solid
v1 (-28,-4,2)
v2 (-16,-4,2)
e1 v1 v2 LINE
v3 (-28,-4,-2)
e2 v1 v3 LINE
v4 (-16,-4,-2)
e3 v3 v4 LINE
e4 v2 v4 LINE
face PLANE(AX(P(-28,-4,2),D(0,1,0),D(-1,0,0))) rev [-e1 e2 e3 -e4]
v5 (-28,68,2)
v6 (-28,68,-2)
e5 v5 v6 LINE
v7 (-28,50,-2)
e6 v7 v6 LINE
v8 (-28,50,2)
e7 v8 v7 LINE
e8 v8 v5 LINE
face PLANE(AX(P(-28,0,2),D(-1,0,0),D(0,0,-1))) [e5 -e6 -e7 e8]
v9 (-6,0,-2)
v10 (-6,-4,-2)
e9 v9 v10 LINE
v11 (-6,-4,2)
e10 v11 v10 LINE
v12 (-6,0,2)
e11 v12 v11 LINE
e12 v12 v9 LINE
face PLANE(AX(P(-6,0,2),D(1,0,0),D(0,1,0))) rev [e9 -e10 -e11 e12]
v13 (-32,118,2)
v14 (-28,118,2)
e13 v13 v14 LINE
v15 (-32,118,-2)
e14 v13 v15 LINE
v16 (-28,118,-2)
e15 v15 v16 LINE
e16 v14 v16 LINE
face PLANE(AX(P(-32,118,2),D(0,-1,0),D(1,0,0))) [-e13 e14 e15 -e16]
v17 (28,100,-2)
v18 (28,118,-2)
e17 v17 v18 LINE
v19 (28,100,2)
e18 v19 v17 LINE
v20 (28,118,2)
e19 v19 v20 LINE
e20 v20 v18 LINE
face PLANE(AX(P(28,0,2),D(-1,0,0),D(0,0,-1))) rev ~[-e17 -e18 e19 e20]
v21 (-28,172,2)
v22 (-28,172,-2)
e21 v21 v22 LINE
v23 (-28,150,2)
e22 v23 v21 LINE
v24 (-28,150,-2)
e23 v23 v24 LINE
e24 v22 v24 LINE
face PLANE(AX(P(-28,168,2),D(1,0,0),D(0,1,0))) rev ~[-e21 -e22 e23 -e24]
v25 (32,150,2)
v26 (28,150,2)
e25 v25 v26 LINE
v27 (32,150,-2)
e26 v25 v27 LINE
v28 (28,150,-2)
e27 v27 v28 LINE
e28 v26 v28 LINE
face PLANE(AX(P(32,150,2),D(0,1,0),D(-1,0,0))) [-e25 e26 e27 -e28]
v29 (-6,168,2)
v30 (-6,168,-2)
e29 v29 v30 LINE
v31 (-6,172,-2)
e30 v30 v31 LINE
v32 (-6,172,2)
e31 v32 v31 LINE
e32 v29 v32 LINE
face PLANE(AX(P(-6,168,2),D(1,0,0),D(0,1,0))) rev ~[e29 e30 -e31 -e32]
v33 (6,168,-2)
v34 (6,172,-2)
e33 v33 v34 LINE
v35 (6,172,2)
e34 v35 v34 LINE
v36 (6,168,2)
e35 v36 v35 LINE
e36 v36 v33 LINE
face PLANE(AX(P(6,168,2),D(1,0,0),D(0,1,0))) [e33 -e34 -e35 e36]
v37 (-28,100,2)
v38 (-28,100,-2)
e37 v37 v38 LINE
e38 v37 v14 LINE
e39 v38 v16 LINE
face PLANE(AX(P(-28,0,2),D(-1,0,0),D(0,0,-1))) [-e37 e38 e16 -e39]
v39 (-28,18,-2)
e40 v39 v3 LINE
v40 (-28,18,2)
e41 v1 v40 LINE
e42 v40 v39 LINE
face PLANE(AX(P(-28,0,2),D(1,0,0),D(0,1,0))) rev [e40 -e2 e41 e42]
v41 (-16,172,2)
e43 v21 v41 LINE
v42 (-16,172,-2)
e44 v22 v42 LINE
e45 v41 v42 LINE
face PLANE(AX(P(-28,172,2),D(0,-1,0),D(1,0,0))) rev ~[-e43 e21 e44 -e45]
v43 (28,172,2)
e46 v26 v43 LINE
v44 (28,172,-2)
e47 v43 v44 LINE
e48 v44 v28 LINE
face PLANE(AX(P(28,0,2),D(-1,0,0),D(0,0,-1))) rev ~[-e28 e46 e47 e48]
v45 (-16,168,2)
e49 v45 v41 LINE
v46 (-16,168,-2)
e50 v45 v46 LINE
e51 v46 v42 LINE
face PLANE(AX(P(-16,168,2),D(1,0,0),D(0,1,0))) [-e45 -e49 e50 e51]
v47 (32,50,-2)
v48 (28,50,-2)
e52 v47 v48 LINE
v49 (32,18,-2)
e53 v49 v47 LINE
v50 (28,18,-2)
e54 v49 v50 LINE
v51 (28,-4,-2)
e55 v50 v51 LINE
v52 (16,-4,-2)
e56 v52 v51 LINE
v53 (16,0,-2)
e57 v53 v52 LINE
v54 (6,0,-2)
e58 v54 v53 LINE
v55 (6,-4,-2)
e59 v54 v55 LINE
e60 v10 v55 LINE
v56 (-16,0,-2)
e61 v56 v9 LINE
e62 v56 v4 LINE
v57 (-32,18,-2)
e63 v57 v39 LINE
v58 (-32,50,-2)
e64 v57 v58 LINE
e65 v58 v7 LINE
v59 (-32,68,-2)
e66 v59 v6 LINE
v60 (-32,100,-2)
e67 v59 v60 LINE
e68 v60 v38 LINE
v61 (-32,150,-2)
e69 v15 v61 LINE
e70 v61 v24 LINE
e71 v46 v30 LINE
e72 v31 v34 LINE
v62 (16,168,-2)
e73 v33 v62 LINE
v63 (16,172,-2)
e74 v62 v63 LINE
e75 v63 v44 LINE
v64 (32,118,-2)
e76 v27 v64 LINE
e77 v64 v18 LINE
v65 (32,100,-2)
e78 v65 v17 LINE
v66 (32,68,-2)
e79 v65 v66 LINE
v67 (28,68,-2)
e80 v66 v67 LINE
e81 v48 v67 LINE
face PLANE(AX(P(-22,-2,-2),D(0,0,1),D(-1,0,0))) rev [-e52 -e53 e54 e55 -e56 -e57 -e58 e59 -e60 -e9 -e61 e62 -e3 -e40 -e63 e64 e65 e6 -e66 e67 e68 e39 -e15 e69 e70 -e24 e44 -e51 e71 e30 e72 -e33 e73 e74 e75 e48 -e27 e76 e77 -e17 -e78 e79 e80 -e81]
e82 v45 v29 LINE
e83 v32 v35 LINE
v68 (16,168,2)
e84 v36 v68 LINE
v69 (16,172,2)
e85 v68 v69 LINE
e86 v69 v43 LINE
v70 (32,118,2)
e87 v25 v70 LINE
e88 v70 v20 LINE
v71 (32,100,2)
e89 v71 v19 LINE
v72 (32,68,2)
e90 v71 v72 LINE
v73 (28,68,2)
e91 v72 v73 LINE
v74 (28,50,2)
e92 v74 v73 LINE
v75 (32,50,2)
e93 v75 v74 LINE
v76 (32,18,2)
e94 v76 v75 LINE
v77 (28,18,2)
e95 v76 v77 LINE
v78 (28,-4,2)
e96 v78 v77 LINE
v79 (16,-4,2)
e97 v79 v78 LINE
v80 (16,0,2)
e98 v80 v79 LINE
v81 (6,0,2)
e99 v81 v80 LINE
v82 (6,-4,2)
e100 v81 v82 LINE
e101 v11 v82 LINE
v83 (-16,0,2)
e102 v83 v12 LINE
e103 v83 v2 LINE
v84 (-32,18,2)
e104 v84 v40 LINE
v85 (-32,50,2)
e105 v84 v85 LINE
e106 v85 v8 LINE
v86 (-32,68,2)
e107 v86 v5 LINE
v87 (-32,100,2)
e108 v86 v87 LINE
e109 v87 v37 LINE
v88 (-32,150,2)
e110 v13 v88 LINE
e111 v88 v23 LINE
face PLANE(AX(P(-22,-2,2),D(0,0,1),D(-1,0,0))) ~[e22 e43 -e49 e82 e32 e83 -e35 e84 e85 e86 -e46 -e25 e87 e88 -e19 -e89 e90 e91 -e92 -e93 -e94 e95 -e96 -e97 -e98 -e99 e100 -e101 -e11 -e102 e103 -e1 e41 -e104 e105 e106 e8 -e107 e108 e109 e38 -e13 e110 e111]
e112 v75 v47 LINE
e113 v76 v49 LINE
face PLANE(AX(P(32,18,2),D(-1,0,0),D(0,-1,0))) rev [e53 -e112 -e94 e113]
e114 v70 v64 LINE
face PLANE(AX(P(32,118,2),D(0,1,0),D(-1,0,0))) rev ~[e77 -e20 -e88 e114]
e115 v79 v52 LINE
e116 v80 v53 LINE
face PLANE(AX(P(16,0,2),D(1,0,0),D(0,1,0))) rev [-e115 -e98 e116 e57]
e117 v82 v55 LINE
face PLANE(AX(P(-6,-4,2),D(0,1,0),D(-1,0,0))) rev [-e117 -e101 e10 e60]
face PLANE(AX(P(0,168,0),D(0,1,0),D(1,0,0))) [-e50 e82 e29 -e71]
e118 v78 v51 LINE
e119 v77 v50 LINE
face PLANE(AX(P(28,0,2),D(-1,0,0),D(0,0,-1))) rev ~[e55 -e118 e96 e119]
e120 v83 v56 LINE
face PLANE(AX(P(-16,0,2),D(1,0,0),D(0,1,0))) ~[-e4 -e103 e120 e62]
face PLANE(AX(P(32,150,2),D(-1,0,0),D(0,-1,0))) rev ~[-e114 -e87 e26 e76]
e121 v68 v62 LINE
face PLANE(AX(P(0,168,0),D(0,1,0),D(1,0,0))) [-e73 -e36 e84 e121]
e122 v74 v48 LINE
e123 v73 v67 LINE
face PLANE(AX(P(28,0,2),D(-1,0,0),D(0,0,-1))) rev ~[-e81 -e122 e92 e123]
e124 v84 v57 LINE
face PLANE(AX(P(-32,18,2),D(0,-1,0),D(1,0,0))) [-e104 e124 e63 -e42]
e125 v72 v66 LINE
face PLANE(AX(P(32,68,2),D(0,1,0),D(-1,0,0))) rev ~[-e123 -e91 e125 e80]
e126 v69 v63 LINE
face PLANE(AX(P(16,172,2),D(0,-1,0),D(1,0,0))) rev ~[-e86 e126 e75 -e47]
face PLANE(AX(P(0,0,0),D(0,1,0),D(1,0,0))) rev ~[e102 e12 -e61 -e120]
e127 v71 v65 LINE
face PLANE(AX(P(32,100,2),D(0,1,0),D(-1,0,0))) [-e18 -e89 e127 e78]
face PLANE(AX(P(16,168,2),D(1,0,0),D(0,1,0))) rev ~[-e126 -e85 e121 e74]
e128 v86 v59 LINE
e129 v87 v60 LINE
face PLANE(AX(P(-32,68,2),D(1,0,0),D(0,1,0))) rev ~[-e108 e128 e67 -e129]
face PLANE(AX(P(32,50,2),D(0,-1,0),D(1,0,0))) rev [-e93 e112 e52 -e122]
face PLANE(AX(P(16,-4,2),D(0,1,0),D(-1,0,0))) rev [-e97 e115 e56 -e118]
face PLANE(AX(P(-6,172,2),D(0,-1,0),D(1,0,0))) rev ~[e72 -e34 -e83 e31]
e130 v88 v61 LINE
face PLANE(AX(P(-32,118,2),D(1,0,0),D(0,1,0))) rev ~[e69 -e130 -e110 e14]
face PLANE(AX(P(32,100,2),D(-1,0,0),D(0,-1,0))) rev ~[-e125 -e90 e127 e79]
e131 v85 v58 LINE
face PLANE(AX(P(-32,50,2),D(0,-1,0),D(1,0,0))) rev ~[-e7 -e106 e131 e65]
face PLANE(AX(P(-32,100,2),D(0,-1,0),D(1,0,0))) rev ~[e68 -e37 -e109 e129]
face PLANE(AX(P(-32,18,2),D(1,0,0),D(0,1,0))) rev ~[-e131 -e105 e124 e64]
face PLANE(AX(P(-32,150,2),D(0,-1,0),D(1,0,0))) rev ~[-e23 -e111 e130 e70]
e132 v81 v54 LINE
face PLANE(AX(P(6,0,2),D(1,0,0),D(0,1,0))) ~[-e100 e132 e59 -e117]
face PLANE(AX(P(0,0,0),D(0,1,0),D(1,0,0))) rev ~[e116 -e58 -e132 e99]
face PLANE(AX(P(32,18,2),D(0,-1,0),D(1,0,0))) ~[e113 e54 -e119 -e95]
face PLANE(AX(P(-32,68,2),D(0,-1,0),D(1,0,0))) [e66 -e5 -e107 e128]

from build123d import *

# Parameters (mm, degrees)
SKETCH1_W               = 56
SKETCH1_H               = 4
BOSS_EXTRUDE1_DEPTH     = 168
SKETCH3_W               = 4
SKETCH3_H               = 32
BOSS_EXTRUDE4_DEPTH     = 4
LPATTERN2_COUNT         = 3
LPATTERN2_PITCH         = 50
MIRROR2_COPY_1_SKETCH_W = 4
MIRROR2_COPY_1_SKETCH_H = 32
MIRROR2_COPY_1_DEPTH    = 4
MIRROR2_COPY_2_SKETCH_W = 4
MIRROR2_COPY_2_SKETCH_H = 32
MIRROR2_COPY_2_DEPTH    = 4
SKETCH4_W               = 12
SKETCH4_H               = 4
BOSS_EXTRUDE5_DEPTH     = 4


with BuildPart() as part:
    # Sketch1 → Boss-Extrude1 (new body)
    with BuildSketch(Plane(origin=(0, 0, 0), x_dir=(1, 0, 0), z_dir=(0, 1, 0))):
        Rectangle(SKETCH1_W, SKETCH1_H)
    extrude(amount=BOSS_EXTRUDE1_DEPTH)

    # Sketch3 → Boss-Extrude4 (add, through all)
    with BuildSketch(Plane.XY.offset(2)):
        with Locations((-30, 34)):
            Rectangle(SKETCH3_W, SKETCH3_H)
    boss_extrude4 = extrude(amount=-BOSS_EXTRUDE4_DEPTH)

    # LPattern2: Boss-Extrude4 ×3
    with Locations(*[(0, i * LPATTERN2_PITCH, 0) for i in range(1, LPATTERN2_COUNT)]):
        add(boss_extrude4)

    # Mirror2: Boss-Extrude4 across plane
    add(boss_extrude4.mirror(Plane(origin=(0, 0, 0), x_dir=(0, 0, 1), z_dir=(1, 0, 0))))

    # Mirror2 copy 1 sketch → Mirror2 copy 1 (add, through all)
    with BuildSketch(Plane(origin=(0, 50, 2), x_dir=(-1, 0, 0), z_dir=(0, 0, 1))):
        with Locations((-30, -34)):
            Rectangle(MIRROR2_COPY_1_SKETCH_W, MIRROR2_COPY_1_SKETCH_H)
    extrude(amount=-MIRROR2_COPY_1_DEPTH)

    # Mirror2 copy 2 sketch → Mirror2 copy 2 (add, through all)
    with BuildSketch(Plane(origin=(0, 100, 2), x_dir=(-1, 0, 0), z_dir=(0, 0, 1))):
        with Locations((-30, -34)):
            Rectangle(MIRROR2_COPY_2_SKETCH_W, MIRROR2_COPY_2_SKETCH_H)
    extrude(amount=-MIRROR2_COPY_2_DEPTH)

    # Sketch4 → Boss-Extrude5 (add, through all)
    with BuildSketch(Plane.XY.offset(2)):
        with Locations((-22, 170)):
            Rectangle(SKETCH4_W, SKETCH4_H)
        with Locations((0, 170)):
            Rectangle(SKETCH4_W, SKETCH4_H)
        with Locations((22, 170)):
            Rectangle(SKETCH4_W, SKETCH4_H)
    boss_extrude5 = extrude(amount=-BOSS_EXTRUDE5_DEPTH)

    # Mirror3: Boss-Extrude5 across plane
    add(boss_extrude5.mirror(Plane.ZX.offset(84)))


solid = part.part
